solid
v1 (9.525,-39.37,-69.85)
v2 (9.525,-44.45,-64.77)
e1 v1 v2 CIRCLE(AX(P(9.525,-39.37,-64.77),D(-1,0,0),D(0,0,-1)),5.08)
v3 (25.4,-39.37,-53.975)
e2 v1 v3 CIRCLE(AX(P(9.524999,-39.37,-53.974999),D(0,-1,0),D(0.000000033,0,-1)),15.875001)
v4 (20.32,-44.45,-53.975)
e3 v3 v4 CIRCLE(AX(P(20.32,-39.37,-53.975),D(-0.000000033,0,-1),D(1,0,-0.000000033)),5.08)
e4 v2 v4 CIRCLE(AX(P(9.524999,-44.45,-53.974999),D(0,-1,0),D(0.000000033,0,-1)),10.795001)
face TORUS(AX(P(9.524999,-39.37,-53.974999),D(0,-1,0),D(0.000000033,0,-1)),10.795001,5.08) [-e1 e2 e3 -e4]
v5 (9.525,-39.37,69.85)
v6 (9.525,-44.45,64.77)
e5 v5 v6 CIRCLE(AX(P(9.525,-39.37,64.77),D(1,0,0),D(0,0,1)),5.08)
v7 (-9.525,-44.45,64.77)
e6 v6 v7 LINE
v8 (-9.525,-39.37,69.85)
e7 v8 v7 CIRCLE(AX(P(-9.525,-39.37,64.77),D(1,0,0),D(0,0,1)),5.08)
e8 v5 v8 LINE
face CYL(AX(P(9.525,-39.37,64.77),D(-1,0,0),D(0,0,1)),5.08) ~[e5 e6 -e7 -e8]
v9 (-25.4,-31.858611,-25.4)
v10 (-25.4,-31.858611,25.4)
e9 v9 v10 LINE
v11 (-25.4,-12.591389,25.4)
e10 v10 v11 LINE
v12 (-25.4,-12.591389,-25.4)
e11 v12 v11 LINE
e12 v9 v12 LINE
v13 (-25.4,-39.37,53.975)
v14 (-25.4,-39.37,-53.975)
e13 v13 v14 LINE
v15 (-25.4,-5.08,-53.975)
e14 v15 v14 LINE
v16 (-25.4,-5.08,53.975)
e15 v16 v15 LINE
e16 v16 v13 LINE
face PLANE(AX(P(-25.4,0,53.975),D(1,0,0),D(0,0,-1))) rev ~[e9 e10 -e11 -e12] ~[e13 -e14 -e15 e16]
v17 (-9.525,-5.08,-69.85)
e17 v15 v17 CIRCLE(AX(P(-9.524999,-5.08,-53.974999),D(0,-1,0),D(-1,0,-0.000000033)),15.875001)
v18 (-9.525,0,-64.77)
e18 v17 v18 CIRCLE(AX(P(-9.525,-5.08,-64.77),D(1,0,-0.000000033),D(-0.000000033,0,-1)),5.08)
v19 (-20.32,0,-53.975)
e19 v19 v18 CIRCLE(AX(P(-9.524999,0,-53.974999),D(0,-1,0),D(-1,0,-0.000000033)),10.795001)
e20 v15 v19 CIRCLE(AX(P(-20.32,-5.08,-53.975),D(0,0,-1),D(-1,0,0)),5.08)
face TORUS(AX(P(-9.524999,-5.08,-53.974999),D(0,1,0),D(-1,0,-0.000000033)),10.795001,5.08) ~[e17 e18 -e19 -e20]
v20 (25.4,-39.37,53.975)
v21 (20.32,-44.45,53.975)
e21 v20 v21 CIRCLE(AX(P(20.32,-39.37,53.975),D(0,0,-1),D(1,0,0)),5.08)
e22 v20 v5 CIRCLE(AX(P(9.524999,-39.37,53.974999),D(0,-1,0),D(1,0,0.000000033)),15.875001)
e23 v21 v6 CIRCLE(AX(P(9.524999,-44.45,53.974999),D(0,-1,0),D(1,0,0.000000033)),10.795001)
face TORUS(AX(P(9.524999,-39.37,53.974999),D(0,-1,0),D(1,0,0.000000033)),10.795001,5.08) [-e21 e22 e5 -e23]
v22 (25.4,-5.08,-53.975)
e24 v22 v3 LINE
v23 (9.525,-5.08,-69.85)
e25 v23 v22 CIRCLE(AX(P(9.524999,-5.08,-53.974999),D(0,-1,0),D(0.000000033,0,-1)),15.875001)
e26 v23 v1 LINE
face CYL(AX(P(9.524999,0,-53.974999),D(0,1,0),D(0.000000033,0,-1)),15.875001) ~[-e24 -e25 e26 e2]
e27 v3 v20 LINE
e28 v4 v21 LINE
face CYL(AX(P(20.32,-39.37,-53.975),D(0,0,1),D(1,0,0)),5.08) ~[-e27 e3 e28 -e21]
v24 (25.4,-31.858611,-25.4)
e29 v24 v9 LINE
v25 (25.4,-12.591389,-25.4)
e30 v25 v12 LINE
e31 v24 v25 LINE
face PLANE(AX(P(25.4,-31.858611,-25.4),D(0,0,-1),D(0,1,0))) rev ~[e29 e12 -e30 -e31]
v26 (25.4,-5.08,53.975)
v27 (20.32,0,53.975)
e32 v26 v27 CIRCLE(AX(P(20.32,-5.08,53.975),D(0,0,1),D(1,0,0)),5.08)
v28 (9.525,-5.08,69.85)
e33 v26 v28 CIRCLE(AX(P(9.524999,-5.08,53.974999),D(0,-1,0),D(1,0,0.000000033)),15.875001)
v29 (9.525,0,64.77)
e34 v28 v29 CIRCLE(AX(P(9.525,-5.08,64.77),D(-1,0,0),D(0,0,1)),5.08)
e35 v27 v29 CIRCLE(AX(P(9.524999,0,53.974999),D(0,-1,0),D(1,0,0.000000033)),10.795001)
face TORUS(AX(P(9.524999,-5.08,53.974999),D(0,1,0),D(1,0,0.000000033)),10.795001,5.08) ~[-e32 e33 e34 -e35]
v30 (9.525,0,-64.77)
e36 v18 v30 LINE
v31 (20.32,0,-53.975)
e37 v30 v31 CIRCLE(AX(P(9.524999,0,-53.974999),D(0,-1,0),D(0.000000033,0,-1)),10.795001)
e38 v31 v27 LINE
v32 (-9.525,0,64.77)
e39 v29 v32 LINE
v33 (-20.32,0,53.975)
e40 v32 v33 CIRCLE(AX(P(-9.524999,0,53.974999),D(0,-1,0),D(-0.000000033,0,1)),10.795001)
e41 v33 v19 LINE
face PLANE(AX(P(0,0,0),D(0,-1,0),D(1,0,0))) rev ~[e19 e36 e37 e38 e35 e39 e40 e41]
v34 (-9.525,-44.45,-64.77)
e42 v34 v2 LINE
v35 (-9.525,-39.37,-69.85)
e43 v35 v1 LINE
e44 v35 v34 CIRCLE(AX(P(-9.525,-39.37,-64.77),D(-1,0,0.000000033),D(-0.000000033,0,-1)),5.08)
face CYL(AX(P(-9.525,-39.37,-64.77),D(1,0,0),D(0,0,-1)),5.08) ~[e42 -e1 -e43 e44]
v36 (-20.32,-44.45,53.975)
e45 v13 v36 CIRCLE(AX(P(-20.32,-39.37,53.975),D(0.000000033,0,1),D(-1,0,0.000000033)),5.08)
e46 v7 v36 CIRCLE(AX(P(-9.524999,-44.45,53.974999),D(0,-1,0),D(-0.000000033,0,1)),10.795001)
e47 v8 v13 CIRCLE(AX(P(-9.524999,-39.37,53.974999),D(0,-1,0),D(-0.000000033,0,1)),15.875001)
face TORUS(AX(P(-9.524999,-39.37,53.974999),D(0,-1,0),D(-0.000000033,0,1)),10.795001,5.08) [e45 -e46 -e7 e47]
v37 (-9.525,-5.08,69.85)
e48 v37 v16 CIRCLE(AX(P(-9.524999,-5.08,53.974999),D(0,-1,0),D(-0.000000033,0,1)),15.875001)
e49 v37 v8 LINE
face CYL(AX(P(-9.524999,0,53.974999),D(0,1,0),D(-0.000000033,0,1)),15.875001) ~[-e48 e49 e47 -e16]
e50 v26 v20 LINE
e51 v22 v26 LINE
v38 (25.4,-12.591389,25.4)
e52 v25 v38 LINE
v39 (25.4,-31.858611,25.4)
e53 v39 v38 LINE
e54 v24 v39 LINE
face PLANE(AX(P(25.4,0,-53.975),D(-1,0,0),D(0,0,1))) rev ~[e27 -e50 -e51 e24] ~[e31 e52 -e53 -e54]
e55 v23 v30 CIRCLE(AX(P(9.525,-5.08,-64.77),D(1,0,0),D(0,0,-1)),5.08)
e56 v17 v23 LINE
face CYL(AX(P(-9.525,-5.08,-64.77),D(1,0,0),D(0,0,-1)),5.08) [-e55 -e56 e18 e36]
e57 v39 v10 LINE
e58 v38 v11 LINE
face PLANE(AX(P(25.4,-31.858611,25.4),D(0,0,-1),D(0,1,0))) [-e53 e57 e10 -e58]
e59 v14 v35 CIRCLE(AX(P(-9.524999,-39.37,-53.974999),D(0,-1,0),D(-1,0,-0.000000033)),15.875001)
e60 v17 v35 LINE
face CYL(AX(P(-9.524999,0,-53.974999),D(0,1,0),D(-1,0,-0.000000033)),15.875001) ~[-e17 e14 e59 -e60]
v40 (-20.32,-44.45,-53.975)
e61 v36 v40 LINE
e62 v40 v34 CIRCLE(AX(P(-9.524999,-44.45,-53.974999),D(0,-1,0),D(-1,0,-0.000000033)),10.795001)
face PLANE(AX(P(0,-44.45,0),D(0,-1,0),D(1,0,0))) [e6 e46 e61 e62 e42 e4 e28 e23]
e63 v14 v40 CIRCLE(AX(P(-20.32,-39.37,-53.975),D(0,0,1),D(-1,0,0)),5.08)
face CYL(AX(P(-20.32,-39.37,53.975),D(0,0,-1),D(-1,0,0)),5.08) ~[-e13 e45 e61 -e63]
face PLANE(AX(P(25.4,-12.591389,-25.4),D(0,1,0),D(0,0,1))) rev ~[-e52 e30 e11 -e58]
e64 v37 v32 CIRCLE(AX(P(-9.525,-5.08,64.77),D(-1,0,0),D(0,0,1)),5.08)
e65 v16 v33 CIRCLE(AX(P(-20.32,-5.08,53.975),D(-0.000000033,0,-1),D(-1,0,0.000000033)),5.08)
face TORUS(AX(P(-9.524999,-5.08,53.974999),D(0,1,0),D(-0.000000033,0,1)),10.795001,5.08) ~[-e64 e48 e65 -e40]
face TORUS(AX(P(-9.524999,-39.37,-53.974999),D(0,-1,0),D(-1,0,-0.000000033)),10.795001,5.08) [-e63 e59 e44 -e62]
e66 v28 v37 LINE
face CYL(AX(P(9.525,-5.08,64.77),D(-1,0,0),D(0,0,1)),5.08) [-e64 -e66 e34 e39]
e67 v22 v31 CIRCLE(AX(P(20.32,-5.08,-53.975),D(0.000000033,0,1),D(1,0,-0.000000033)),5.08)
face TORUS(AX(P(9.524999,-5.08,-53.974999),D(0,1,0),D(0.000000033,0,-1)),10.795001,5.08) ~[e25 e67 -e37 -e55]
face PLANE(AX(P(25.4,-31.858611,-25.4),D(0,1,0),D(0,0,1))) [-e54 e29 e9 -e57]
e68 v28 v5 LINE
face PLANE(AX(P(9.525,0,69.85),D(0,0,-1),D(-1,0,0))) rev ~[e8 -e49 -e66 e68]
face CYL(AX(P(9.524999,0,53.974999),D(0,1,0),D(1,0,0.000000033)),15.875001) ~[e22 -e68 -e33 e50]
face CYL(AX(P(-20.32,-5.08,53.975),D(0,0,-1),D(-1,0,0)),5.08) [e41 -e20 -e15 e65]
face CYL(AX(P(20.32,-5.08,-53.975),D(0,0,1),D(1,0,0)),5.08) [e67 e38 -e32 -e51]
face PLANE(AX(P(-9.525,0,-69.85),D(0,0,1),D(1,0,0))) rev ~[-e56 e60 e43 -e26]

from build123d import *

# Parameters (mm, degrees)
F1_DEPTH = 44.45
F2_R     = 5.08
F3_W     = 19.267222
F3_H     = 50.8
F4_DEPTH = 50.801


with BuildPart() as f1:
    # F0 (on Front) → F1 (new body)
    with BuildSketch(Plane.XZ):
        with BuildLine():
            ThreePointArc((-25.4, -53.975), (-20.75032, -65.20032), (-9.525, -69.85))
            Line((-9.525, -69.85), (9.525, -69.85))
            ThreePointArc((9.525, -69.85), (20.75032, -65.20032), (25.4, -53.975))
            Line((25.4, -53.975), (25.4, 53.975))
            ThreePointArc((25.4, 53.975), (20.75032, 65.20032), (9.525, 69.85))
            Line((9.525, 69.85), (-9.525, 69.85))
            ThreePointArc((-9.525, 69.85), (-20.75032, 65.20032), (-25.4, 53.975))
            Line((-25.4, 53.975), (-25.4, -53.975))
        make_face()
    extrude(amount=F1_DEPTH)

    # F2
    f2_edges = [f1.edges().sort_by_distance(p)[0] for p in [
        (0, -44.45, 69.85),
        (-20.75032, -44.45, -65.20032),
        (0, -44.45, -69.85),
        (20.75032, -44.45, -65.20032),
        (25.4, -44.45, 0),
        (20.75032, -44.45, 65.20032),
        (-20.75032, -44.45, 65.20032),
        (-25.4, -44.45, 0),
        (0, 0, 69.85),
        (25.4, 0, 0),
    ]]
    fillet(f2_edges, radius=F2_R)

    # F3 (on face) → F4 (cut, through all)
    with BuildSketch(Plane.YZ.offset(25.4)):
        with Locations((-22.225, 0)):
            Rectangle(F3_W, F3_H)
    extrude(amount=-F4_DEPTH, mode=Mode.SUBTRACT)


solid = f1.part
